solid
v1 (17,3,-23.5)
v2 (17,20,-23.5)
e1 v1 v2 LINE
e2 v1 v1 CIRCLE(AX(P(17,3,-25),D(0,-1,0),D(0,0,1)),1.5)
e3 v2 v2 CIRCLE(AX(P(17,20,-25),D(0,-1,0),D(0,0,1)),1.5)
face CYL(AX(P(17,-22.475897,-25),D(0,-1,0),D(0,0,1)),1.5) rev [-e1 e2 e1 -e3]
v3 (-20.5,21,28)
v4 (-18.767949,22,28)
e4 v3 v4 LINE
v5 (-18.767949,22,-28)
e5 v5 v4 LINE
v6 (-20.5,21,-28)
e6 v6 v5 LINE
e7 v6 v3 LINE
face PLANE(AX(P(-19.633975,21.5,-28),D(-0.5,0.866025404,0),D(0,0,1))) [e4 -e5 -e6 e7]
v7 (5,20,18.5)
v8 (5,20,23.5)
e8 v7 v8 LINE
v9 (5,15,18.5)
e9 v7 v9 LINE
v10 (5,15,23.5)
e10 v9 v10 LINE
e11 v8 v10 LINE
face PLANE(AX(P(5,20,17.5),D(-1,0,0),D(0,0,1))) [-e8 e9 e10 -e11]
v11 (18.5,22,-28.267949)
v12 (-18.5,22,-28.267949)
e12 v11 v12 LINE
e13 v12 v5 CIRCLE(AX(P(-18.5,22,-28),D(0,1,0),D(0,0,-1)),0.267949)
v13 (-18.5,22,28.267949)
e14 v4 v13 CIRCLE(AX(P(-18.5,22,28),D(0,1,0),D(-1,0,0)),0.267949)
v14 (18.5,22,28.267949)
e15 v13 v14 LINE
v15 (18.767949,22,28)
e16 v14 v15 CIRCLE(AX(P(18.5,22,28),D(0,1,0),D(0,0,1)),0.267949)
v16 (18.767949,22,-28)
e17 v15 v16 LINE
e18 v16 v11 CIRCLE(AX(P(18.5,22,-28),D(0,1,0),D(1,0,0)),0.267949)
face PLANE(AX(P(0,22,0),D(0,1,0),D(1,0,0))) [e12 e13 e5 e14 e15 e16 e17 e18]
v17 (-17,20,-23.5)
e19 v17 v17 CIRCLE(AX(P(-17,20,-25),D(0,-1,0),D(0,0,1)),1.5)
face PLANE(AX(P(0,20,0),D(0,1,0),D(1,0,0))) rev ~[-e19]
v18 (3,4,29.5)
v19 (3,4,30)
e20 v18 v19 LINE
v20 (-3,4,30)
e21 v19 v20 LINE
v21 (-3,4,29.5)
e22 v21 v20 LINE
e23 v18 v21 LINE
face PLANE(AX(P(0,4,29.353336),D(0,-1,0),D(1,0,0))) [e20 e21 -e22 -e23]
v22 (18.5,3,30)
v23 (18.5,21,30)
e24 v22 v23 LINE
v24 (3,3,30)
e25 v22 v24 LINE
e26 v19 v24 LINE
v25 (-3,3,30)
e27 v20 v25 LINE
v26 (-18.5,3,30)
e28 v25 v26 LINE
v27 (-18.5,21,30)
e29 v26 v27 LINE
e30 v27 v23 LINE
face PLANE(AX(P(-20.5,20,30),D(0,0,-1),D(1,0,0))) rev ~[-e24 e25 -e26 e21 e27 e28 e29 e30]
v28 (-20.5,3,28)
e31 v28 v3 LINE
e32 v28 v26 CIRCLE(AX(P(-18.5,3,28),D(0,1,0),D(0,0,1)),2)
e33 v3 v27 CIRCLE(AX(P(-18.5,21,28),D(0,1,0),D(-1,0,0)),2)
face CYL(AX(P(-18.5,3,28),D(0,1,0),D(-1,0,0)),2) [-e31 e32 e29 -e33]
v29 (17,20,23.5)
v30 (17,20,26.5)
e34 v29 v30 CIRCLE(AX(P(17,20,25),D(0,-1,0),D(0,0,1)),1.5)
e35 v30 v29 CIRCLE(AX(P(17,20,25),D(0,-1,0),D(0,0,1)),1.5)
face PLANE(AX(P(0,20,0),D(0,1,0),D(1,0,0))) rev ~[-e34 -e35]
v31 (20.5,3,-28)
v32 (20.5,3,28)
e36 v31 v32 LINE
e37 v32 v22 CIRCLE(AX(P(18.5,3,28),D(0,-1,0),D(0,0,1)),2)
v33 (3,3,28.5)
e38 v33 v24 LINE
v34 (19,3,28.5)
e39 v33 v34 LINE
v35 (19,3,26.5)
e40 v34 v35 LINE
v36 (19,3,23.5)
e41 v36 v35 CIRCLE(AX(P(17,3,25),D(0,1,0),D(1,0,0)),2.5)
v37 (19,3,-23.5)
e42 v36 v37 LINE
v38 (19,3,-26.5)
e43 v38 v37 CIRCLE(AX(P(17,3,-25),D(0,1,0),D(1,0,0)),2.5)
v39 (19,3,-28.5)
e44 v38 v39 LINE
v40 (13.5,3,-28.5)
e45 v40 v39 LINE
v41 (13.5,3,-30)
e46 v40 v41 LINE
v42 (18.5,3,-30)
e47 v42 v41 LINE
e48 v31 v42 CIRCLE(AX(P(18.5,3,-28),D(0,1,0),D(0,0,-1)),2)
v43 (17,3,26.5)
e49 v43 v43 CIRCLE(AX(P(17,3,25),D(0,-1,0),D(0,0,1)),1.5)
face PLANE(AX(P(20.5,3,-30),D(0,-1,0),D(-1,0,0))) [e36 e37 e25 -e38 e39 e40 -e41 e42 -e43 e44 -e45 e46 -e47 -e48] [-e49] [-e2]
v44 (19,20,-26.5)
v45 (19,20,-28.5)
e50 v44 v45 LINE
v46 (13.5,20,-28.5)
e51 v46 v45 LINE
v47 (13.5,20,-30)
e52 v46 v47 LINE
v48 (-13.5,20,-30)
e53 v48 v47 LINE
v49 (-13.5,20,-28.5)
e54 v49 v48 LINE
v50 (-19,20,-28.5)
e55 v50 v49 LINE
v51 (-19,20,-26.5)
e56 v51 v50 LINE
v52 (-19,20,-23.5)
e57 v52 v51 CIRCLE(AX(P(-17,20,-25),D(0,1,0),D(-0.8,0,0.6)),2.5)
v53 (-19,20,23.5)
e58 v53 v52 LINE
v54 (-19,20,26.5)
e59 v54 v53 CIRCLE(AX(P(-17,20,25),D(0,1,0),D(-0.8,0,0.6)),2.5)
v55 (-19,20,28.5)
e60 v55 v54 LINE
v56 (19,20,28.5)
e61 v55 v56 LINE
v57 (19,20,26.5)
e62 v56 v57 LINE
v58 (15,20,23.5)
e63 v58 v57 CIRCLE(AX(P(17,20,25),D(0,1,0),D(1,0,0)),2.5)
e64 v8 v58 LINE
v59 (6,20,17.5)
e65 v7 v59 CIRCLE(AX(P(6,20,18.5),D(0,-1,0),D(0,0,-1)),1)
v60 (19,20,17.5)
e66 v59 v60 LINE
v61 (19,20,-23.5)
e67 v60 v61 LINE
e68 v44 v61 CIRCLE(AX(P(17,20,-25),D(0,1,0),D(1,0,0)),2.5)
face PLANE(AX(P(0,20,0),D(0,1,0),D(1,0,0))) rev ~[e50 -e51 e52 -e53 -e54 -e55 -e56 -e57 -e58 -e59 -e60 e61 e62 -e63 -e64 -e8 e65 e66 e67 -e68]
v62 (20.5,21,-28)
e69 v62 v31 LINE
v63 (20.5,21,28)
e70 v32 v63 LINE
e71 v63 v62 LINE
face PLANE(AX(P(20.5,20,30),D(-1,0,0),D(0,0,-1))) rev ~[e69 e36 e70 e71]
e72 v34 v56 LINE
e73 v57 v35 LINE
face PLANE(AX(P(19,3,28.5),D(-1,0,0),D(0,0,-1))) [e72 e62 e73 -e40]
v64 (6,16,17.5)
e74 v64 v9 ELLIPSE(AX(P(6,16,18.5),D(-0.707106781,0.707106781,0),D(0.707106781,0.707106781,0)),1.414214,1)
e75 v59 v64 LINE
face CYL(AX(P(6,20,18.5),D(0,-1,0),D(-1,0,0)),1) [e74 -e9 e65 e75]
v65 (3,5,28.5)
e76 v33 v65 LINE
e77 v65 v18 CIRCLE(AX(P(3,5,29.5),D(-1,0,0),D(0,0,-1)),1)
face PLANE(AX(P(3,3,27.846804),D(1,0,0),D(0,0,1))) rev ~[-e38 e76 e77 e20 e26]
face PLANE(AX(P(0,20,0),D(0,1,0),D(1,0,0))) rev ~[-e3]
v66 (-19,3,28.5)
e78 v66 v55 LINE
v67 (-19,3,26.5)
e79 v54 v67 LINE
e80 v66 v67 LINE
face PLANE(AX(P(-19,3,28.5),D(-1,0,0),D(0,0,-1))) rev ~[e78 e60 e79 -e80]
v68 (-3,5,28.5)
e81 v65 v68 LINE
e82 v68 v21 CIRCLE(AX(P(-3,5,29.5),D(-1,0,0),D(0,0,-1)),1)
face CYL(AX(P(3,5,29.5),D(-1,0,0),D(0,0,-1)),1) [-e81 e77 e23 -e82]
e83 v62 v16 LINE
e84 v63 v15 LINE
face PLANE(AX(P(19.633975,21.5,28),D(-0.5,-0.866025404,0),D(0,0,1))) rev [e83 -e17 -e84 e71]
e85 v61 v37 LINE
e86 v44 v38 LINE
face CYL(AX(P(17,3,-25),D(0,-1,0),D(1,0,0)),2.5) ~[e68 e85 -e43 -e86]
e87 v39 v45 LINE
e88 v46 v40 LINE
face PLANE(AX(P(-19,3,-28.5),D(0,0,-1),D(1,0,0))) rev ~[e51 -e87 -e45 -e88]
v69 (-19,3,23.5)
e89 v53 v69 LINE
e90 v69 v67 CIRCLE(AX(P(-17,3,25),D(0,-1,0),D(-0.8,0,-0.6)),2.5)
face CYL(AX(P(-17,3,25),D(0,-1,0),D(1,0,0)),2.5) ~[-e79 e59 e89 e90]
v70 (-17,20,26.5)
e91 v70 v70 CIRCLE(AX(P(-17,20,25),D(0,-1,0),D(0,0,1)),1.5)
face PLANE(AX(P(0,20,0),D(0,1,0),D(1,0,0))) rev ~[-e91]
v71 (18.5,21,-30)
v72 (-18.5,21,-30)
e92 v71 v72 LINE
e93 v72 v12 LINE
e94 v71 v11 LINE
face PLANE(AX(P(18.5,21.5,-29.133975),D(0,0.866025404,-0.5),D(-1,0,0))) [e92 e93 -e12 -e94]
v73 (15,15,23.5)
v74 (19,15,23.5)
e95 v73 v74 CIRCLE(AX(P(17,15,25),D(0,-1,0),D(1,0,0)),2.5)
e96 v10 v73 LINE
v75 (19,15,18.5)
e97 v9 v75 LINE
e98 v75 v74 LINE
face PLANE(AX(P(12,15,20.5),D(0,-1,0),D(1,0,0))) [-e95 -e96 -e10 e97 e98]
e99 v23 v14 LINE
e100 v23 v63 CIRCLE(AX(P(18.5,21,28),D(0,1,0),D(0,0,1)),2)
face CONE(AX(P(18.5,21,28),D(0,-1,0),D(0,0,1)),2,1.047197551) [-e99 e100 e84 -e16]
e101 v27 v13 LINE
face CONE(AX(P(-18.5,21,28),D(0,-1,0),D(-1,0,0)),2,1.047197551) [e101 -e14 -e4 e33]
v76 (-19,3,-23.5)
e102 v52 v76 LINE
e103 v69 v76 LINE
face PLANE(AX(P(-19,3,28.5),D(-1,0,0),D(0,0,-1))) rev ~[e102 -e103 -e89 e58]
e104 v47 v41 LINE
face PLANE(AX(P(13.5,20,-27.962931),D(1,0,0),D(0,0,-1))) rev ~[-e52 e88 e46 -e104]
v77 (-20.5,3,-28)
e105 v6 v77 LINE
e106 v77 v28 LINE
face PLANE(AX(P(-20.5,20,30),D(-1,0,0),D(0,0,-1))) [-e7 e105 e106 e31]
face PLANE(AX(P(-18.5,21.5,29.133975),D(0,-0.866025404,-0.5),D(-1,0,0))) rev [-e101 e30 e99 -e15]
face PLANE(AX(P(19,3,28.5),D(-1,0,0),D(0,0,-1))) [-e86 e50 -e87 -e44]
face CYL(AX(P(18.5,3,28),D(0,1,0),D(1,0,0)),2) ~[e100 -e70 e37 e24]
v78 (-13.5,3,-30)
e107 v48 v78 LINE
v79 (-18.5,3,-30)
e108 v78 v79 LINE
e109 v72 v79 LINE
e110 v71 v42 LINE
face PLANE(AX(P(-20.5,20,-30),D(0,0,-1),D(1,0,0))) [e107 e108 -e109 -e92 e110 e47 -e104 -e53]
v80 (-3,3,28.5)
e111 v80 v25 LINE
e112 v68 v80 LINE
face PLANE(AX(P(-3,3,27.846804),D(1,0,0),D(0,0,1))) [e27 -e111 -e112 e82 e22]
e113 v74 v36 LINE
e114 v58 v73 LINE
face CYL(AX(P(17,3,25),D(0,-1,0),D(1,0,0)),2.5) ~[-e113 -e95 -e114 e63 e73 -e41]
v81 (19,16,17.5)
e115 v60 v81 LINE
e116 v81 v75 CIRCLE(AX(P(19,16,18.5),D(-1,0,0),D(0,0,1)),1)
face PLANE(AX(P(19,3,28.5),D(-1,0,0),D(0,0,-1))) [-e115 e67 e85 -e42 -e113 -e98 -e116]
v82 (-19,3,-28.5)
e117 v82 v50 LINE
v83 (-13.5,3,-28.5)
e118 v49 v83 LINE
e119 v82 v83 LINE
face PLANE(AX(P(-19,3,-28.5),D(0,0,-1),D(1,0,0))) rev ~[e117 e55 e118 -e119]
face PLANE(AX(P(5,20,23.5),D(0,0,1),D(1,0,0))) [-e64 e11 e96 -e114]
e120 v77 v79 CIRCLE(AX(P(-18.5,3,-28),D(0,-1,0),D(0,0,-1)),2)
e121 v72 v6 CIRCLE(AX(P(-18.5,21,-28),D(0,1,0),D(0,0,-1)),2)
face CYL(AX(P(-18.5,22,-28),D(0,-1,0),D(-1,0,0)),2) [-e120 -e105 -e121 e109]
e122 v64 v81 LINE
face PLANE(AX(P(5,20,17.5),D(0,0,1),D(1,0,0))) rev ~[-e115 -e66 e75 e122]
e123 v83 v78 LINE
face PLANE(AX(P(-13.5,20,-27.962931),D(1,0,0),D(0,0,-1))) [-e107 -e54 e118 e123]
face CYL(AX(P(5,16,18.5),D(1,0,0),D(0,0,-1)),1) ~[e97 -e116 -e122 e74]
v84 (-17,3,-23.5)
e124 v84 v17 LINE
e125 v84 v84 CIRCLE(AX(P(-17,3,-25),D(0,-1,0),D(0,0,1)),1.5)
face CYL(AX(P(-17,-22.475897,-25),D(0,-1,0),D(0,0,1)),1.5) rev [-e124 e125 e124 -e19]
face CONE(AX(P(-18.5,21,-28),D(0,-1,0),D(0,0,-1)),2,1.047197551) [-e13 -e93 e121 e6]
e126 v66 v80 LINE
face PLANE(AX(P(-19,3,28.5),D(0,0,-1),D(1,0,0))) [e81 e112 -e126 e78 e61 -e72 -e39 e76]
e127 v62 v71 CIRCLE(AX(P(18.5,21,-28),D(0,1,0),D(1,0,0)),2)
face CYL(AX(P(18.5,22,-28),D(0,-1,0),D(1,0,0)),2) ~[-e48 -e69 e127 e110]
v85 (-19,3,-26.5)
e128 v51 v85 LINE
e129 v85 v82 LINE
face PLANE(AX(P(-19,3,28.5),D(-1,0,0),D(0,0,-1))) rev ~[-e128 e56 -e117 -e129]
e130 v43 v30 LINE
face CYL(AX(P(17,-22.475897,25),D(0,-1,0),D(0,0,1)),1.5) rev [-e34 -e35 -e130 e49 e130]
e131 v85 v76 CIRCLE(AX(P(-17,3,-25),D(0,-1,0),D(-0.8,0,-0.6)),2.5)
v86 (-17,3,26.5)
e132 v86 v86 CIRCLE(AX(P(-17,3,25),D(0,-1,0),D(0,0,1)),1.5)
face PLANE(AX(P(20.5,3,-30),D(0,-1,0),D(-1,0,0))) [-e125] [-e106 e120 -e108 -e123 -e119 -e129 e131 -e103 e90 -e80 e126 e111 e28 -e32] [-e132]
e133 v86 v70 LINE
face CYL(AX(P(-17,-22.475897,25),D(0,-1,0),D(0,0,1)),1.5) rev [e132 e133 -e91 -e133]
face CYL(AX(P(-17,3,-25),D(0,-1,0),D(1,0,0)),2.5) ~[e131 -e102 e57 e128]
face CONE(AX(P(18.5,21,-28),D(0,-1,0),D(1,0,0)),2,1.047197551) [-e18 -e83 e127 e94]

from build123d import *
from OCP.BRepFilletAPI import BRepFilletAPI_MakeChamfer

# Parameters (mm, degrees)
SKETCH_1_W               = 41
SKETCH_1_H               = 60
EXTRUDE_1_DEPTH          = 3
SKETCH_2_W               = 41
SKETCH_2_H               = 60
SKETCH_2_W_2             = 38
SKETCH_2_H_2             = 57
EXTRUDE_1_2_DEPTH        = 17
SKETCH_3_W               = 27
SKETCH_3_H               = 3.030341357
CUT_EXTRUDE_1_DEPTH      = 17
SKETCH_4_R               = 2.5
EXTRUDE_2_DEPTH          = 17
CUT_EXTRUDE_2_DEPTH      = 42.475896615
CUT_EXTRUDE_2_DEPTH_BACK = 42.475896615
SKETCH_5_R               = 1.5
SKETCH_9_W               = 41
SKETCH_9_H               = 3
CUT_EXTRUDE_3_DEPTH      = 67.484960705
SKETCH_10_W              = 41
SKETCH_10_H              = 60
EXTRUDE_4_DEPTH          = 2
SKETCH_11_W              = 6
SKETCH_11_H              = 3.013062302
CUT_EXTRUDE_4_DEPTH      = 1
SKETCH_12_W              = 14
SKETCH_12_H              = 6
EXTRUDE_6_DEPTH          = 5
FILLET_2_R               = 1
FILLET_3_R               = 1
FILLET_4_R               = 2
CHAMFER_2_SIZE           = 1
CHAMFER_2_SIZE2          = 1.732050808


with BuildPart() as part:
    # Эскиз1 → Extrude 1 (new body)
    with BuildSketch(Plane(origin=(0, 0, 0), x_dir=(1, 0, 0), z_dir=(0, 1, 0))):
        Rectangle(SKETCH_1_W, SKETCH_1_H)
    extrude(amount=EXTRUDE_1_DEPTH)

    # Эскиз2 → Extrude 1 2 (add)
    with BuildSketch(Plane(origin=(0, 3, 0), x_dir=(1, 0, 0), z_dir=(0, 1, 0))):
        Rectangle(SKETCH_2_W, SKETCH_2_H)
        Rectangle(SKETCH_2_W_2, SKETCH_2_H_2, mode=Mode.SUBTRACT)
    extrude(amount=EXTRUDE_1_2_DEPTH)

    # Эскиз3 → Вырез-Вытянуть1 (cut)
    with BuildSketch(Plane(origin=(0, 20, 0), x_dir=(1, 0, 0), z_dir=(0, 1, 0))):
        with Locations((0, 29.478101209)):
            Rectangle(SKETCH_3_W, SKETCH_3_H)
    extrude(amount=-CUT_EXTRUDE_1_DEPTH, mode=Mode.SUBTRACT)

    # Эскиз4 → Бобышка-Вытянуть2 (add)
    with BuildSketch(Plane(origin=(0, 3, 0), x_dir=(1, 0, 0), z_dir=(0, 1, 0))):
        with Locations((17, 25)):
            Circle(SKETCH_4_R)
        with Locations((-17, 25)):
            Circle(SKETCH_4_R)
        with Locations((17, -25)):
            Circle(SKETCH_4_R)
        with Locations((-17, -25)):
            Circle(SKETCH_4_R)
    extrude(amount=EXTRUDE_2_DEPTH)

    # Эскиз5 → Вырез-Вытянуть2 (cut, two sides: drawn at the far end of the back side and taken through both)
    with BuildSketch(Plane(origin=(0, 20, 0), x_dir=(1, 0, 0), z_dir=(0, 1, 0)).offset(-CUT_EXTRUDE_2_DEPTH_BACK)):
        with Locations(Location((17, 25, 0), (0, 0, 270))):
            Circle(SKETCH_5_R)
        with Locations(Location((17, -25, 0), (0, 0, 270))):
            Circle(SKETCH_5_R)
        with Locations(Location((-17, -25, 0), (0, 0, 270))):
            Circle(SKETCH_5_R)
        with Locations(Location((-17, 25, 0), (0, 0, 270))):
            Circle(SKETCH_5_R)
    extrude(amount=CUT_EXTRUDE_2_DEPTH + CUT_EXTRUDE_2_DEPTH_BACK, mode=Mode.SUBTRACT)

    # Эскиз9 → Вырез-Вытянуть3 (cut, through all)
    with BuildSketch(Plane(origin=(0, 0, -30), x_dir=(-1, 0, 0), z_dir=(0, 0, -1))):
        with Locations((0, 1.5)):
            Rectangle(SKETCH_9_W, SKETCH_9_H)
    extrude(amount=-CUT_EXTRUDE_3_DEPTH, mode=Mode.SUBTRACT)

    # Эскиз10 → Бобышка-Вытянуть4 (add)
    with BuildSketch(Plane(origin=(0, 20, 0), x_dir=(1, 0, 0), z_dir=(0, 1, 0))):
        Rectangle(SKETCH_10_W, SKETCH_10_H)
    extrude(amount=EXTRUDE_4_DEPTH)

    # Эскиз11 → Вырез-Вытянуть4 (cut)
    with BuildSketch(Plane.XZ.offset(-3)):
        with Locations((0, 29.353335514)):
            Rectangle(SKETCH_11_W, SKETCH_11_H)
    extrude(amount=-CUT_EXTRUDE_4_DEPTH, mode=Mode.SUBTRACT)

    # Эскиз12 → Бобышка-Вытянуть6 (add)
    with BuildSketch(Plane.XZ.offset(-20)):
        with Locations((12, 20.5)):
            Rectangle(SKETCH_12_W, SKETCH_12_H)
    extrude(amount=EXTRUDE_6_DEPTH)

    # Скругление2
    fillet_2_edges = [part.edges().sort_by_distance(p)[0] for p in [
        (12, 15, 17.5),
        (5, 17.5, 17.5),
    ]]
    fillet(fillet_2_edges, radius=FILLET_2_R)

    # Скругление3
    fillet_3_edges = [part.edges().sort_by_distance(p)[0] for p in [
        (0, 4, 28.5),
    ]]
    fillet(fillet_3_edges, radius=FILLET_3_R)

    # Скругление4
    fillet_4_edges = [part.edges().sort_by_distance(p)[0] for p in [
        (20.5, 12.5, 30),
        (-20.5, 12.5, 30),
        (-20.5, 12.5, -30),
        (20.5, 12.5, -30),
    ]]
    fillet(fillet_4_edges, radius=FILLET_4_R)

    # Фаска2: one chamfer whose edges measure the first distance from different faces: ONE call of the kernel's chamfer builder (chamfer() names one face for all edges)
    chamfer_2_edges_1 = [part.edges().sort_by_distance(p)[0] for p in [
        (20.5, 22, 0),
    ]]
    chamfer_2_side_1 = [part.faces().sort_by_distance(p)[0] for p in [
        (20.5, 12.5, 0),
    ]]
    chamfer_2_edges_2 = [part.edges().sort_by_distance(p)[0] for p in [
        (0, 22, 30),
    ]]
    chamfer_2_side_2 = [part.faces().sort_by_distance(p)[0] for p in [
        (0, 12.577474892, 30),
    ]]
    chamfer_2_edges_3 = [part.edges().sort_by_distance(p)[0] for p in [
        (-20.5, 22, 0),
    ]]
    chamfer_2_side_3 = [part.faces().sort_by_distance(p)[0] for p in [
        (-20.5, 12.5, 0),
    ]]
    chamfer_2_edges_4 = [part.edges().sort_by_distance(p)[0] for p in [
        (0, 22, -30),
    ]]
    chamfer_2_side_4 = [part.faces().sort_by_distance(p)[0] for p in [
        (-16, 3.415932687, -30),
    ]]
    chamfer_2_edges_5 = [part.edges().sort_by_distance(p)[0] for p in [
        (-19.914213562, 22, 29.414213562),
    ]]
    chamfer_2_side_5 = [part.faces().sort_by_distance(p)[0] for p in [
        (-19.914213562, 12.5, 29.414213562),
    ]]
    chamfer_2_edges_6 = [part.edges().sort_by_distance(p)[0] for p in [
        (-19.914213562, 22, -29.414213562),
    ]]
    chamfer_2_side_6 = [part.faces().sort_by_distance(p)[0] for p in [
        (-19.914213562, 12.5, -29.414213562),
    ]]
    chamfer_2_edges_7 = [part.edges().sort_by_distance(p)[0] for p in [
        (19.914213562, 22, -29.414213562),
    ]]
    chamfer_2_side_7 = [part.faces().sort_by_distance(p)[0] for p in [
        (19.914213562, 12.5, -29.414213562),
    ]]
    chamfer_2_edges_8 = [part.edges().sort_by_distance(p)[0] for p in [
        (19.914213562, 22, 29.414213562),
    ]]
    chamfer_2_side_8 = [part.faces().sort_by_distance(p)[0] for p in [
        (19.914213562, 12.5, 29.414213562),
    ]]
    chamfer_2 = BRepFilletAPI_MakeChamfer(part.part.solid().wrapped)
    for e in chamfer_2_edges_1:
        chamfer_2.Add(CHAMFER_2_SIZE, CHAMFER_2_SIZE2, e.wrapped, chamfer_2_side_1[0].wrapped)  # the first distance lies on this face
    for e in chamfer_2_edges_2:
        chamfer_2.Add(CHAMFER_2_SIZE, CHAMFER_2_SIZE2, e.wrapped, chamfer_2_side_2[0].wrapped)  # the first distance lies on this face
    for e in chamfer_2_edges_3:
        chamfer_2.Add(CHAMFER_2_SIZE, CHAMFER_2_SIZE2, e.wrapped, chamfer_2_side_3[0].wrapped)  # the first distance lies on this face
    for e in chamfer_2_edges_4:
        chamfer_2.Add(CHAMFER_2_SIZE, CHAMFER_2_SIZE2, e.wrapped, chamfer_2_side_4[0].wrapped)  # the first distance lies on this face
    for e in chamfer_2_edges_5:
        chamfer_2.Add(CHAMFER_2_SIZE, CHAMFER_2_SIZE2, e.wrapped, chamfer_2_side_5[0].wrapped)  # the first distance lies on this face
    for e in chamfer_2_edges_6:
        chamfer_2.Add(CHAMFER_2_SIZE, CHAMFER_2_SIZE2, e.wrapped, chamfer_2_side_6[0].wrapped)  # the first distance lies on this face
    for e in chamfer_2_edges_7:
        chamfer_2.Add(CHAMFER_2_SIZE, CHAMFER_2_SIZE2, e.wrapped, chamfer_2_side_7[0].wrapped)  # the first distance lies on this face
    for e in chamfer_2_edges_8:
        chamfer_2.Add(CHAMFER_2_SIZE, CHAMFER_2_SIZE2, e.wrapped, chamfer_2_side_8[0].wrapped)  # the first distance lies on this face
    add(Compound.cast(chamfer_2.Shape()), mode=Mode.REPLACE)


solid = part.part
